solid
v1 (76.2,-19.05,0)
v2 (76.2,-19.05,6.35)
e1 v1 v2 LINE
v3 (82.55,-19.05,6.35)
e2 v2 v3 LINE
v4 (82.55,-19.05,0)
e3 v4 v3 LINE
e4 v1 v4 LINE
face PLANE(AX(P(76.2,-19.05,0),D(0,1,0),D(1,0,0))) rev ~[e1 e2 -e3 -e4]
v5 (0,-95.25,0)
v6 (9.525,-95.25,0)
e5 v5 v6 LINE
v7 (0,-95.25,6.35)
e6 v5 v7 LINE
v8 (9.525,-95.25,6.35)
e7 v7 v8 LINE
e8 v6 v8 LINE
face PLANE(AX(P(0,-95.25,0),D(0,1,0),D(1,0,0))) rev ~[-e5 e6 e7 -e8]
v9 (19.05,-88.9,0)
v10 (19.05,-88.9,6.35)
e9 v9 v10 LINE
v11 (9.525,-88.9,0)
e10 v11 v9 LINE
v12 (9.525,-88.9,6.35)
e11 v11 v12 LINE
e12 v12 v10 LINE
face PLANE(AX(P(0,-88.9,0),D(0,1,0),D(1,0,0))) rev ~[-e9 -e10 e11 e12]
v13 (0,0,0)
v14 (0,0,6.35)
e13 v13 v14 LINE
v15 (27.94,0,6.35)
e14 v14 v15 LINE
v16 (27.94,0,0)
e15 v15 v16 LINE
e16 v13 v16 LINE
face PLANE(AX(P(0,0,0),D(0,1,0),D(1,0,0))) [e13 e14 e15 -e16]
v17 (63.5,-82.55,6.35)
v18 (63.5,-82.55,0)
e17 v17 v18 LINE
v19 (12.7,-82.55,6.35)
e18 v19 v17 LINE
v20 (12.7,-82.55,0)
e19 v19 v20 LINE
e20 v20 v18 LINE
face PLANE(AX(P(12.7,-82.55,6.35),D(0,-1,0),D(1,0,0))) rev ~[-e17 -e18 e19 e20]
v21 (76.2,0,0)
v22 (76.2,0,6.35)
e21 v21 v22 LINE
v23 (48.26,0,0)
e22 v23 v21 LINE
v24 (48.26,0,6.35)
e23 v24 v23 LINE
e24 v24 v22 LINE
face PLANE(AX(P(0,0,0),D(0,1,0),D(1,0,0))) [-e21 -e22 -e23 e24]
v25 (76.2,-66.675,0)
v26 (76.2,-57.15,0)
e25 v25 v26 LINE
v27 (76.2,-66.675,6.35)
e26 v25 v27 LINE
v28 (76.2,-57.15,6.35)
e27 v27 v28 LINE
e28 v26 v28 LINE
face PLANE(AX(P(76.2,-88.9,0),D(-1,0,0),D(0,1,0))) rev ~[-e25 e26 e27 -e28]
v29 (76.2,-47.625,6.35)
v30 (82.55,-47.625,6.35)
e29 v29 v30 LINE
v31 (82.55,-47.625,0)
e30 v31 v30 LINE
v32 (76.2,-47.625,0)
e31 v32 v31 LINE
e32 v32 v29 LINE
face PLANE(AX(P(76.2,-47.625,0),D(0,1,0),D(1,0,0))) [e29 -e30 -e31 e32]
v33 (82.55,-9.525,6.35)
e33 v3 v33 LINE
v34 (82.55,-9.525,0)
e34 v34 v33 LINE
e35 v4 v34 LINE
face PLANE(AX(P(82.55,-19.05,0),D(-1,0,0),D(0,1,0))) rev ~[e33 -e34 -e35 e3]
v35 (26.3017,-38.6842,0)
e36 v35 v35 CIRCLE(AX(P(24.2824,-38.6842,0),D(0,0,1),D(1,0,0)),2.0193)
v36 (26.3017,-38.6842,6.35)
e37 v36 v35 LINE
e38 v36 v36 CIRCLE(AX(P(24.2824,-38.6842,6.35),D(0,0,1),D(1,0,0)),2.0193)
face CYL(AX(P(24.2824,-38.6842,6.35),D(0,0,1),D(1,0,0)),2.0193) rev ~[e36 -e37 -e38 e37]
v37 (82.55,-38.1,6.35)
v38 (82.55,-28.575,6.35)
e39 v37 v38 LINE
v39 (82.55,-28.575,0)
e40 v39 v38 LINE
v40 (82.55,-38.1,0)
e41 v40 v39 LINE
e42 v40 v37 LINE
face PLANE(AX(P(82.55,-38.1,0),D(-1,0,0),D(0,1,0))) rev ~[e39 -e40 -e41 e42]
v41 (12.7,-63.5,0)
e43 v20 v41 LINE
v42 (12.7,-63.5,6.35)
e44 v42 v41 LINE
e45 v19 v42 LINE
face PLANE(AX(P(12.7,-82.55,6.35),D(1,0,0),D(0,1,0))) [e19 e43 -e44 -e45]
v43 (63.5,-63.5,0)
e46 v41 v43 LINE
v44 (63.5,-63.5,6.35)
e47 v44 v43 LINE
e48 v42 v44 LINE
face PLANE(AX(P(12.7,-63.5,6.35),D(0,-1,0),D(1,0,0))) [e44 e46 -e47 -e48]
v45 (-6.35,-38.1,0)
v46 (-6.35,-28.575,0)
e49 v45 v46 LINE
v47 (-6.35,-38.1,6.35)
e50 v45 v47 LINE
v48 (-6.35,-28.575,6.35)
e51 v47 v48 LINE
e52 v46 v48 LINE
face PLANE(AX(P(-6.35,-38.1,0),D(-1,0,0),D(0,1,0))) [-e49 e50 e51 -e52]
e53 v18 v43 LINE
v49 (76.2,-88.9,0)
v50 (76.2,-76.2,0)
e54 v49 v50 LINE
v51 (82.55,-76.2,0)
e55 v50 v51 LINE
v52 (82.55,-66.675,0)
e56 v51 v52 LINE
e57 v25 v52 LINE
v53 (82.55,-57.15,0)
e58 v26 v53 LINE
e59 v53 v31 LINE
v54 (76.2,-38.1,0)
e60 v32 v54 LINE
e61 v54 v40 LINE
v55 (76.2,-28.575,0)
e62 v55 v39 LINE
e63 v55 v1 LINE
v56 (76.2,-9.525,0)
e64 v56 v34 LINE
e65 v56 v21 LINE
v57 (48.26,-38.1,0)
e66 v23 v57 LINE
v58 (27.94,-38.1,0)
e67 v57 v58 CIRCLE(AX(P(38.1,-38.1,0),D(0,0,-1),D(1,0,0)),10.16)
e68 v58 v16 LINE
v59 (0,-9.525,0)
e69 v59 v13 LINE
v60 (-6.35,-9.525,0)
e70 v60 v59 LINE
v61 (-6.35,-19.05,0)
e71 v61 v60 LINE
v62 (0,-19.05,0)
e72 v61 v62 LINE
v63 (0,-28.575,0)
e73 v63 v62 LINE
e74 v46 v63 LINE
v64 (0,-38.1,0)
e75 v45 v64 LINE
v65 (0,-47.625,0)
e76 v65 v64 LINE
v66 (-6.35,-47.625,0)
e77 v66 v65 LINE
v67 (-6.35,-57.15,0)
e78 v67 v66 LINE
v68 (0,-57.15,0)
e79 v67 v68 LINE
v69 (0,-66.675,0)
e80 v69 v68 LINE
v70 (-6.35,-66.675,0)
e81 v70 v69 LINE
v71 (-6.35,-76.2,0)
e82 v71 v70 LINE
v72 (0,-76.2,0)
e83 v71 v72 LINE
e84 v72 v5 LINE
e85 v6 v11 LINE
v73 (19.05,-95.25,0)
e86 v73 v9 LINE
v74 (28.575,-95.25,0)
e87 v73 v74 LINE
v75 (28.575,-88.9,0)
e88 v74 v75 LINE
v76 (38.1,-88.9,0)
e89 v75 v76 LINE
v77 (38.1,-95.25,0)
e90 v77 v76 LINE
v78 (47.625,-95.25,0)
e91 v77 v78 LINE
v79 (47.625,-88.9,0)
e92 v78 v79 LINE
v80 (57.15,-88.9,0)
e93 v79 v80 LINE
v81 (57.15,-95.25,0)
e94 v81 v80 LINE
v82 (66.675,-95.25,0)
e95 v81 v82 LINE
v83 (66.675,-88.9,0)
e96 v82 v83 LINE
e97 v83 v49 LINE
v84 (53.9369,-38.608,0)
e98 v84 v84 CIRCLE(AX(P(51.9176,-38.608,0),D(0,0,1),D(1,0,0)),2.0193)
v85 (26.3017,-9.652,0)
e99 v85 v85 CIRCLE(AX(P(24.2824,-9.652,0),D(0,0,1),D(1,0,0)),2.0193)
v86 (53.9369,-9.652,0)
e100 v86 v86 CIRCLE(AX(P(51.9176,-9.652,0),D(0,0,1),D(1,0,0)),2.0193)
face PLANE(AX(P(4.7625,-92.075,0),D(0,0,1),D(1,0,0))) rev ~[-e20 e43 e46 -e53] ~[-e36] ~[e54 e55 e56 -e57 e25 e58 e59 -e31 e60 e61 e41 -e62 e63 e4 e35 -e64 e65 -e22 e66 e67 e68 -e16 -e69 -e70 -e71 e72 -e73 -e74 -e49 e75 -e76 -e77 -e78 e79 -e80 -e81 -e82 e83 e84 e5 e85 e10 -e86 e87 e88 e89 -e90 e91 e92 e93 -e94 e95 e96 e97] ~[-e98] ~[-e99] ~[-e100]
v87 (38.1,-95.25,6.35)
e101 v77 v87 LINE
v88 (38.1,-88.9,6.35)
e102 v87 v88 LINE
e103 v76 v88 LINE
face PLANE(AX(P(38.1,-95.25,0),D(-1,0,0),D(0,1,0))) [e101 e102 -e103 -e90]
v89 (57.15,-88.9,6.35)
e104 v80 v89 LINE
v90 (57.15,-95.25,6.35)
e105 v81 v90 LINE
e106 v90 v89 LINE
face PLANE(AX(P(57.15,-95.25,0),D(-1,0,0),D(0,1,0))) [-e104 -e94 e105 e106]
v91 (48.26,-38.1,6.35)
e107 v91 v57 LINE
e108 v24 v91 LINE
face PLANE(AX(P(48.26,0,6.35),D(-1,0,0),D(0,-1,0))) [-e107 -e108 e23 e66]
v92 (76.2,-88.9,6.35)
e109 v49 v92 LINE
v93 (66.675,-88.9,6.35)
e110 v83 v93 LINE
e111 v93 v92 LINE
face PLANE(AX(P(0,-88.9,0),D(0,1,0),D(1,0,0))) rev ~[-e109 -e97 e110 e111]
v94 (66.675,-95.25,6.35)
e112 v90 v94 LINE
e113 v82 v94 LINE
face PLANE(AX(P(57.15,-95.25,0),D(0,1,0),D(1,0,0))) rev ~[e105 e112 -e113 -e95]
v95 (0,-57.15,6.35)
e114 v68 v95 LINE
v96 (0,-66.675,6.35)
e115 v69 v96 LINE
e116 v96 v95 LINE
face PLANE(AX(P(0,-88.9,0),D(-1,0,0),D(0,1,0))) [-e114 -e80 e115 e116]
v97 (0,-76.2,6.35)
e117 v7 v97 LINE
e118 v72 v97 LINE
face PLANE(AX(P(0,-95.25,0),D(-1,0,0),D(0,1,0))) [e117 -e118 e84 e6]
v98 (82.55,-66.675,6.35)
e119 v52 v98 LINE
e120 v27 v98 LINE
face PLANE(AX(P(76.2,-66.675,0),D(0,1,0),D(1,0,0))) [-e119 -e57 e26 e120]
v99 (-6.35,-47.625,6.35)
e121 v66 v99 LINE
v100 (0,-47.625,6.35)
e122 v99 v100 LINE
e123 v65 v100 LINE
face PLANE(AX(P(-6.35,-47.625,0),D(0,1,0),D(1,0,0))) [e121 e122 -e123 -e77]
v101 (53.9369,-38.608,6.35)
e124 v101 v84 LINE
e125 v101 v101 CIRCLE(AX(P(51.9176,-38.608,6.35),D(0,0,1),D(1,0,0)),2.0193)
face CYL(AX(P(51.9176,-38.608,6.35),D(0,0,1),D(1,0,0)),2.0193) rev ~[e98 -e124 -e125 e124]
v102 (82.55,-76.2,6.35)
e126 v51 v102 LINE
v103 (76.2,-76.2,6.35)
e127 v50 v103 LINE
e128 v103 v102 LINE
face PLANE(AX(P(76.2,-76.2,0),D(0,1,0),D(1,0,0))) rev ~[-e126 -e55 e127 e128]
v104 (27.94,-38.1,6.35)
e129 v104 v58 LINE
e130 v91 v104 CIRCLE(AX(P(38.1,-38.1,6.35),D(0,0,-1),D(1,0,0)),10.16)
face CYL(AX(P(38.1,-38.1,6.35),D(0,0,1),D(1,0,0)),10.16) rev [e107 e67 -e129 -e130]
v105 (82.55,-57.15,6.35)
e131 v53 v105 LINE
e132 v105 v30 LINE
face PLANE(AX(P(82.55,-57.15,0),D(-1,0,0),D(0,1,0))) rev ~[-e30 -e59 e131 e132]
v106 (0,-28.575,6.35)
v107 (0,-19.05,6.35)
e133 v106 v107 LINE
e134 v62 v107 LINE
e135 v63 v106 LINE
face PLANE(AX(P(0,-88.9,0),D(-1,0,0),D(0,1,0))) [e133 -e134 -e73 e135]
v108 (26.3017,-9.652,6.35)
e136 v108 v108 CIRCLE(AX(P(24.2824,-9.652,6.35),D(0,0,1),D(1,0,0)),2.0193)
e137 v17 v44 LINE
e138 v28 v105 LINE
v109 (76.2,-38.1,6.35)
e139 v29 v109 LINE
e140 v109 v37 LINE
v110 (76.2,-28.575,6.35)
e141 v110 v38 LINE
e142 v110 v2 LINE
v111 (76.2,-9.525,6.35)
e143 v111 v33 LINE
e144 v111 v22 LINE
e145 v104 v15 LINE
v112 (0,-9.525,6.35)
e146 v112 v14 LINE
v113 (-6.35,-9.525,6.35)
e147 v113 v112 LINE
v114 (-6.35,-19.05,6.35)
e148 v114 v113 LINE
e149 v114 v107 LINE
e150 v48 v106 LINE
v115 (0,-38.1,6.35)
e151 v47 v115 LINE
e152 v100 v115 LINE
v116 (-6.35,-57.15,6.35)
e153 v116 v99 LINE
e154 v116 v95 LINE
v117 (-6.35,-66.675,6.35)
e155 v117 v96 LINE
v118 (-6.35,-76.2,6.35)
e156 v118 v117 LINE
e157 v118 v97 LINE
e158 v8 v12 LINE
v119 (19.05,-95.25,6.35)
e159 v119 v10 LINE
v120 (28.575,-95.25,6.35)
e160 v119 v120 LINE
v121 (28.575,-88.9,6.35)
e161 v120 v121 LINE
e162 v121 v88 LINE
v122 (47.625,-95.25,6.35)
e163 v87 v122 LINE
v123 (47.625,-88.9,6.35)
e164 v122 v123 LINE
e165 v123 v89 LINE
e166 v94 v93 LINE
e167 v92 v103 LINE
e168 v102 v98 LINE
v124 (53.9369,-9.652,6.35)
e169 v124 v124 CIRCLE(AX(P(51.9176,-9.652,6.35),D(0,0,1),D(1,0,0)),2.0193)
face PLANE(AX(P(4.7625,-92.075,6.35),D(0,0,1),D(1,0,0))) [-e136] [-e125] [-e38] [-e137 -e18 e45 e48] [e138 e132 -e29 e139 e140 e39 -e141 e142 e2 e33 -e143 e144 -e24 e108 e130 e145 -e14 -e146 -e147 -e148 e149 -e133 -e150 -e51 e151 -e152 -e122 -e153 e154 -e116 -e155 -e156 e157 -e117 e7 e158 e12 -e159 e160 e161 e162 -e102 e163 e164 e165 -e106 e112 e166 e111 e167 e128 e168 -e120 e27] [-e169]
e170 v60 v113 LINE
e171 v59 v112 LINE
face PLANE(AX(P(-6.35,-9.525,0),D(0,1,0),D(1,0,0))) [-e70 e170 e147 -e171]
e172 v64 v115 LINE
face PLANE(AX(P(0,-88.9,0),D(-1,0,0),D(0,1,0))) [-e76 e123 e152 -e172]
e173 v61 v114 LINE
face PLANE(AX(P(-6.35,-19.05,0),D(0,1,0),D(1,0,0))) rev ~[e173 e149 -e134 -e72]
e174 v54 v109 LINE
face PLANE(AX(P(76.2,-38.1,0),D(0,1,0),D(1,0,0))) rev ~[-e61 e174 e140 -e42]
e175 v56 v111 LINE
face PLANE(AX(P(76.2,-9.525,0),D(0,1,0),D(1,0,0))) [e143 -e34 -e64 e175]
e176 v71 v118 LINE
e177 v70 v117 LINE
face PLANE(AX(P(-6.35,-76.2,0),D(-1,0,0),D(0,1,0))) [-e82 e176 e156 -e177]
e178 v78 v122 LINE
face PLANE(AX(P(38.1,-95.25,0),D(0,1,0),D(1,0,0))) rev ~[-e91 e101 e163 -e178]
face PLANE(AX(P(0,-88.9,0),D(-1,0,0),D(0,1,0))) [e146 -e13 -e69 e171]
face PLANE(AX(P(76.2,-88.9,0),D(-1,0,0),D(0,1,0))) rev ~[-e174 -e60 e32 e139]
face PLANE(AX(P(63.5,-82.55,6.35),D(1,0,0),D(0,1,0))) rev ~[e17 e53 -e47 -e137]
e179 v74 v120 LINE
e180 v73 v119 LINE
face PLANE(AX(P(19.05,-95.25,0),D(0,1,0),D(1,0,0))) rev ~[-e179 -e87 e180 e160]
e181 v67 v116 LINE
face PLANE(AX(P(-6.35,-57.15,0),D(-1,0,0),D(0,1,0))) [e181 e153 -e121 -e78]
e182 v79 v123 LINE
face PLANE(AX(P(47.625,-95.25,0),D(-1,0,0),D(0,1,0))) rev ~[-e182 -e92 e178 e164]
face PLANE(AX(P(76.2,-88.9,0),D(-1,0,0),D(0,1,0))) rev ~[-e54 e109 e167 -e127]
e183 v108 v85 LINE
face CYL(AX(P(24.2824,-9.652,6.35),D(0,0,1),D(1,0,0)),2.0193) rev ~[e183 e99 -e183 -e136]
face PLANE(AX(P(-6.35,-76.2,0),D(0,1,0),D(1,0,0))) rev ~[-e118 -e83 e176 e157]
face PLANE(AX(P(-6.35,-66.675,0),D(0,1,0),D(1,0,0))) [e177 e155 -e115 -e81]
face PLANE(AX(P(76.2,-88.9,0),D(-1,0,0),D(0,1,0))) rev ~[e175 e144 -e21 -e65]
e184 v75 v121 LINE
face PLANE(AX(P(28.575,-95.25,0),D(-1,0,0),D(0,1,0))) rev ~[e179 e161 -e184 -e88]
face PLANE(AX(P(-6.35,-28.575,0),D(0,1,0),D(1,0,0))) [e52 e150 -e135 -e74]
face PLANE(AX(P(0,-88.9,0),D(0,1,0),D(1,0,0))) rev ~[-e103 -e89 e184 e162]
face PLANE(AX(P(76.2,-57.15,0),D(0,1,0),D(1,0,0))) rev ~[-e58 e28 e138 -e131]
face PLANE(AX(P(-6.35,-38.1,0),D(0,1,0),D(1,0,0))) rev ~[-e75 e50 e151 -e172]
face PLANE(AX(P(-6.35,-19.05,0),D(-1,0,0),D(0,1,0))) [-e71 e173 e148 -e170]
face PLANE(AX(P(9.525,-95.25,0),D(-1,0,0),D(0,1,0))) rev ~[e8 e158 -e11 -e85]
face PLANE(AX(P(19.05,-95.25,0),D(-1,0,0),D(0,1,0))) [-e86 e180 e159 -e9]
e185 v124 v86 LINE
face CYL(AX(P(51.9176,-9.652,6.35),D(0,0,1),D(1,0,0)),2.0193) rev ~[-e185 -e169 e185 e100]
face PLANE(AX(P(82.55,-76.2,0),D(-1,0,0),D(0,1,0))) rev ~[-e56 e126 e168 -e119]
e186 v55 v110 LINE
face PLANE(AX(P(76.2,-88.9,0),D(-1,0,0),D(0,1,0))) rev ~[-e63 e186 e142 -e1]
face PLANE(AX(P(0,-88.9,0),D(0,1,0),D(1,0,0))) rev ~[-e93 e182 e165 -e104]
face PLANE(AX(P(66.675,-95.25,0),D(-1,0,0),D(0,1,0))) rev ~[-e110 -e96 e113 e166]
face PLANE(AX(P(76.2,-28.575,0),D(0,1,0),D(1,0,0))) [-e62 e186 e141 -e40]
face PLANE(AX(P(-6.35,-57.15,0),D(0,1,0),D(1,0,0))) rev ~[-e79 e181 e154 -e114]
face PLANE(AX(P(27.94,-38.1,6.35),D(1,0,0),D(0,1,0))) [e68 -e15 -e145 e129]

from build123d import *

# Parameters (mm, degrees)
SKETCH1_W           = 76.2
SKETCH1_H           = 88.9
BOSS_EXTRUDE1_DEPTH = 6.35
SKETCH2_R           = 2.0193
SKETCH2_W           = 50.8
SKETCH2_H           = 19.05
CUT_EXTRUDE1_DEPTH  = 6.35
SKETCH3_W           = 6.35
SKETCH3_H           = 9.525
SKETCH3_W_2         = 9.525
SKETCH3_H_2         = 6.35
BOSS_EXTRUDE3_DEPTH = 6.35


with BuildPart() as part:
    # Sketch1 → Boss-Extrude1 (new body)
    with BuildSketch(Plane.XY):
        with Locations((38.1, -44.45)):
            Rectangle(SKETCH1_W, SKETCH1_H)
    extrude(amount=BOSS_EXTRUDE1_DEPTH)

    # Sketch2 → Cut-Extrude1 (cut)
    with BuildSketch(Plane.XY.offset(6.35)):
        with Locations((51.9176, -9.652)):
            Circle(SKETCH2_R)
        with Locations((51.9176, -38.608)):
            Circle(SKETCH2_R)
        with Locations((24.2824, -38.6842)):
            Circle(SKETCH2_R)
        with Locations((24.2824, -9.652)):
            Circle(SKETCH2_R)
        with BuildLine():
            Line((48.26, 0), (48.26, -38.1))
            ThreePointArc((48.26, -38.1), (38.1, -48.26), (27.94, -38.1))
            Line((27.94, -38.1), (27.94, 0))
            ThreePointArc((27.94, 0), (38.1, 10.16), (48.26, 0))
        make_face()
        with Locations((38.1, -73.025)):
            Rectangle(SKETCH2_W, SKETCH2_H)
    extrude(amount=-CUT_EXTRUDE1_DEPTH, mode=Mode.SUBTRACT)

    # Sketch3 → Boss-Extrude3 (add)
    with BuildSketch(Plane.XY):
        with Locations((-3.175, -14.2875)):
            Rectangle(SKETCH3_W, SKETCH3_H)
        with Locations((-3.175, -33.3375)):
            Rectangle(SKETCH3_W, SKETCH3_H)
        with Locations((-3.175, -52.3875)):
            Rectangle(SKETCH3_W, SKETCH3_H)
        with Locations((-3.175, -71.4375)):
            Rectangle(SKETCH3_W, SKETCH3_H)
        with Locations((4.7625, -92.075)):
            Rectangle(SKETCH3_W_2, SKETCH3_H_2)
        with Locations((23.8125, -92.075)):
            Rectangle(SKETCH3_W_2, SKETCH3_H_2)
        with Locations((42.8625, -92.075)):
            Rectangle(SKETCH3_W_2, SKETCH3_H_2)
        with Locations((61.9125, -92.075)):
            Rectangle(SKETCH3_W_2, SKETCH3_H_2)
        with Locations((79.375, -71.4375)):
            Rectangle(SKETCH3_W, SKETCH3_H)
        with Locations((79.375, -52.3875)):
            Rectangle(SKETCH3_W, SKETCH3_H)
        with Locations((79.375, -33.3375)):
            Rectangle(SKETCH3_W, SKETCH3_H)
        with Locations((79.375, -14.2875)):
            Rectangle(SKETCH3_W, SKETCH3_H)
    extrude(amount=BOSS_EXTRUDE3_DEPTH)


solid = part.part
